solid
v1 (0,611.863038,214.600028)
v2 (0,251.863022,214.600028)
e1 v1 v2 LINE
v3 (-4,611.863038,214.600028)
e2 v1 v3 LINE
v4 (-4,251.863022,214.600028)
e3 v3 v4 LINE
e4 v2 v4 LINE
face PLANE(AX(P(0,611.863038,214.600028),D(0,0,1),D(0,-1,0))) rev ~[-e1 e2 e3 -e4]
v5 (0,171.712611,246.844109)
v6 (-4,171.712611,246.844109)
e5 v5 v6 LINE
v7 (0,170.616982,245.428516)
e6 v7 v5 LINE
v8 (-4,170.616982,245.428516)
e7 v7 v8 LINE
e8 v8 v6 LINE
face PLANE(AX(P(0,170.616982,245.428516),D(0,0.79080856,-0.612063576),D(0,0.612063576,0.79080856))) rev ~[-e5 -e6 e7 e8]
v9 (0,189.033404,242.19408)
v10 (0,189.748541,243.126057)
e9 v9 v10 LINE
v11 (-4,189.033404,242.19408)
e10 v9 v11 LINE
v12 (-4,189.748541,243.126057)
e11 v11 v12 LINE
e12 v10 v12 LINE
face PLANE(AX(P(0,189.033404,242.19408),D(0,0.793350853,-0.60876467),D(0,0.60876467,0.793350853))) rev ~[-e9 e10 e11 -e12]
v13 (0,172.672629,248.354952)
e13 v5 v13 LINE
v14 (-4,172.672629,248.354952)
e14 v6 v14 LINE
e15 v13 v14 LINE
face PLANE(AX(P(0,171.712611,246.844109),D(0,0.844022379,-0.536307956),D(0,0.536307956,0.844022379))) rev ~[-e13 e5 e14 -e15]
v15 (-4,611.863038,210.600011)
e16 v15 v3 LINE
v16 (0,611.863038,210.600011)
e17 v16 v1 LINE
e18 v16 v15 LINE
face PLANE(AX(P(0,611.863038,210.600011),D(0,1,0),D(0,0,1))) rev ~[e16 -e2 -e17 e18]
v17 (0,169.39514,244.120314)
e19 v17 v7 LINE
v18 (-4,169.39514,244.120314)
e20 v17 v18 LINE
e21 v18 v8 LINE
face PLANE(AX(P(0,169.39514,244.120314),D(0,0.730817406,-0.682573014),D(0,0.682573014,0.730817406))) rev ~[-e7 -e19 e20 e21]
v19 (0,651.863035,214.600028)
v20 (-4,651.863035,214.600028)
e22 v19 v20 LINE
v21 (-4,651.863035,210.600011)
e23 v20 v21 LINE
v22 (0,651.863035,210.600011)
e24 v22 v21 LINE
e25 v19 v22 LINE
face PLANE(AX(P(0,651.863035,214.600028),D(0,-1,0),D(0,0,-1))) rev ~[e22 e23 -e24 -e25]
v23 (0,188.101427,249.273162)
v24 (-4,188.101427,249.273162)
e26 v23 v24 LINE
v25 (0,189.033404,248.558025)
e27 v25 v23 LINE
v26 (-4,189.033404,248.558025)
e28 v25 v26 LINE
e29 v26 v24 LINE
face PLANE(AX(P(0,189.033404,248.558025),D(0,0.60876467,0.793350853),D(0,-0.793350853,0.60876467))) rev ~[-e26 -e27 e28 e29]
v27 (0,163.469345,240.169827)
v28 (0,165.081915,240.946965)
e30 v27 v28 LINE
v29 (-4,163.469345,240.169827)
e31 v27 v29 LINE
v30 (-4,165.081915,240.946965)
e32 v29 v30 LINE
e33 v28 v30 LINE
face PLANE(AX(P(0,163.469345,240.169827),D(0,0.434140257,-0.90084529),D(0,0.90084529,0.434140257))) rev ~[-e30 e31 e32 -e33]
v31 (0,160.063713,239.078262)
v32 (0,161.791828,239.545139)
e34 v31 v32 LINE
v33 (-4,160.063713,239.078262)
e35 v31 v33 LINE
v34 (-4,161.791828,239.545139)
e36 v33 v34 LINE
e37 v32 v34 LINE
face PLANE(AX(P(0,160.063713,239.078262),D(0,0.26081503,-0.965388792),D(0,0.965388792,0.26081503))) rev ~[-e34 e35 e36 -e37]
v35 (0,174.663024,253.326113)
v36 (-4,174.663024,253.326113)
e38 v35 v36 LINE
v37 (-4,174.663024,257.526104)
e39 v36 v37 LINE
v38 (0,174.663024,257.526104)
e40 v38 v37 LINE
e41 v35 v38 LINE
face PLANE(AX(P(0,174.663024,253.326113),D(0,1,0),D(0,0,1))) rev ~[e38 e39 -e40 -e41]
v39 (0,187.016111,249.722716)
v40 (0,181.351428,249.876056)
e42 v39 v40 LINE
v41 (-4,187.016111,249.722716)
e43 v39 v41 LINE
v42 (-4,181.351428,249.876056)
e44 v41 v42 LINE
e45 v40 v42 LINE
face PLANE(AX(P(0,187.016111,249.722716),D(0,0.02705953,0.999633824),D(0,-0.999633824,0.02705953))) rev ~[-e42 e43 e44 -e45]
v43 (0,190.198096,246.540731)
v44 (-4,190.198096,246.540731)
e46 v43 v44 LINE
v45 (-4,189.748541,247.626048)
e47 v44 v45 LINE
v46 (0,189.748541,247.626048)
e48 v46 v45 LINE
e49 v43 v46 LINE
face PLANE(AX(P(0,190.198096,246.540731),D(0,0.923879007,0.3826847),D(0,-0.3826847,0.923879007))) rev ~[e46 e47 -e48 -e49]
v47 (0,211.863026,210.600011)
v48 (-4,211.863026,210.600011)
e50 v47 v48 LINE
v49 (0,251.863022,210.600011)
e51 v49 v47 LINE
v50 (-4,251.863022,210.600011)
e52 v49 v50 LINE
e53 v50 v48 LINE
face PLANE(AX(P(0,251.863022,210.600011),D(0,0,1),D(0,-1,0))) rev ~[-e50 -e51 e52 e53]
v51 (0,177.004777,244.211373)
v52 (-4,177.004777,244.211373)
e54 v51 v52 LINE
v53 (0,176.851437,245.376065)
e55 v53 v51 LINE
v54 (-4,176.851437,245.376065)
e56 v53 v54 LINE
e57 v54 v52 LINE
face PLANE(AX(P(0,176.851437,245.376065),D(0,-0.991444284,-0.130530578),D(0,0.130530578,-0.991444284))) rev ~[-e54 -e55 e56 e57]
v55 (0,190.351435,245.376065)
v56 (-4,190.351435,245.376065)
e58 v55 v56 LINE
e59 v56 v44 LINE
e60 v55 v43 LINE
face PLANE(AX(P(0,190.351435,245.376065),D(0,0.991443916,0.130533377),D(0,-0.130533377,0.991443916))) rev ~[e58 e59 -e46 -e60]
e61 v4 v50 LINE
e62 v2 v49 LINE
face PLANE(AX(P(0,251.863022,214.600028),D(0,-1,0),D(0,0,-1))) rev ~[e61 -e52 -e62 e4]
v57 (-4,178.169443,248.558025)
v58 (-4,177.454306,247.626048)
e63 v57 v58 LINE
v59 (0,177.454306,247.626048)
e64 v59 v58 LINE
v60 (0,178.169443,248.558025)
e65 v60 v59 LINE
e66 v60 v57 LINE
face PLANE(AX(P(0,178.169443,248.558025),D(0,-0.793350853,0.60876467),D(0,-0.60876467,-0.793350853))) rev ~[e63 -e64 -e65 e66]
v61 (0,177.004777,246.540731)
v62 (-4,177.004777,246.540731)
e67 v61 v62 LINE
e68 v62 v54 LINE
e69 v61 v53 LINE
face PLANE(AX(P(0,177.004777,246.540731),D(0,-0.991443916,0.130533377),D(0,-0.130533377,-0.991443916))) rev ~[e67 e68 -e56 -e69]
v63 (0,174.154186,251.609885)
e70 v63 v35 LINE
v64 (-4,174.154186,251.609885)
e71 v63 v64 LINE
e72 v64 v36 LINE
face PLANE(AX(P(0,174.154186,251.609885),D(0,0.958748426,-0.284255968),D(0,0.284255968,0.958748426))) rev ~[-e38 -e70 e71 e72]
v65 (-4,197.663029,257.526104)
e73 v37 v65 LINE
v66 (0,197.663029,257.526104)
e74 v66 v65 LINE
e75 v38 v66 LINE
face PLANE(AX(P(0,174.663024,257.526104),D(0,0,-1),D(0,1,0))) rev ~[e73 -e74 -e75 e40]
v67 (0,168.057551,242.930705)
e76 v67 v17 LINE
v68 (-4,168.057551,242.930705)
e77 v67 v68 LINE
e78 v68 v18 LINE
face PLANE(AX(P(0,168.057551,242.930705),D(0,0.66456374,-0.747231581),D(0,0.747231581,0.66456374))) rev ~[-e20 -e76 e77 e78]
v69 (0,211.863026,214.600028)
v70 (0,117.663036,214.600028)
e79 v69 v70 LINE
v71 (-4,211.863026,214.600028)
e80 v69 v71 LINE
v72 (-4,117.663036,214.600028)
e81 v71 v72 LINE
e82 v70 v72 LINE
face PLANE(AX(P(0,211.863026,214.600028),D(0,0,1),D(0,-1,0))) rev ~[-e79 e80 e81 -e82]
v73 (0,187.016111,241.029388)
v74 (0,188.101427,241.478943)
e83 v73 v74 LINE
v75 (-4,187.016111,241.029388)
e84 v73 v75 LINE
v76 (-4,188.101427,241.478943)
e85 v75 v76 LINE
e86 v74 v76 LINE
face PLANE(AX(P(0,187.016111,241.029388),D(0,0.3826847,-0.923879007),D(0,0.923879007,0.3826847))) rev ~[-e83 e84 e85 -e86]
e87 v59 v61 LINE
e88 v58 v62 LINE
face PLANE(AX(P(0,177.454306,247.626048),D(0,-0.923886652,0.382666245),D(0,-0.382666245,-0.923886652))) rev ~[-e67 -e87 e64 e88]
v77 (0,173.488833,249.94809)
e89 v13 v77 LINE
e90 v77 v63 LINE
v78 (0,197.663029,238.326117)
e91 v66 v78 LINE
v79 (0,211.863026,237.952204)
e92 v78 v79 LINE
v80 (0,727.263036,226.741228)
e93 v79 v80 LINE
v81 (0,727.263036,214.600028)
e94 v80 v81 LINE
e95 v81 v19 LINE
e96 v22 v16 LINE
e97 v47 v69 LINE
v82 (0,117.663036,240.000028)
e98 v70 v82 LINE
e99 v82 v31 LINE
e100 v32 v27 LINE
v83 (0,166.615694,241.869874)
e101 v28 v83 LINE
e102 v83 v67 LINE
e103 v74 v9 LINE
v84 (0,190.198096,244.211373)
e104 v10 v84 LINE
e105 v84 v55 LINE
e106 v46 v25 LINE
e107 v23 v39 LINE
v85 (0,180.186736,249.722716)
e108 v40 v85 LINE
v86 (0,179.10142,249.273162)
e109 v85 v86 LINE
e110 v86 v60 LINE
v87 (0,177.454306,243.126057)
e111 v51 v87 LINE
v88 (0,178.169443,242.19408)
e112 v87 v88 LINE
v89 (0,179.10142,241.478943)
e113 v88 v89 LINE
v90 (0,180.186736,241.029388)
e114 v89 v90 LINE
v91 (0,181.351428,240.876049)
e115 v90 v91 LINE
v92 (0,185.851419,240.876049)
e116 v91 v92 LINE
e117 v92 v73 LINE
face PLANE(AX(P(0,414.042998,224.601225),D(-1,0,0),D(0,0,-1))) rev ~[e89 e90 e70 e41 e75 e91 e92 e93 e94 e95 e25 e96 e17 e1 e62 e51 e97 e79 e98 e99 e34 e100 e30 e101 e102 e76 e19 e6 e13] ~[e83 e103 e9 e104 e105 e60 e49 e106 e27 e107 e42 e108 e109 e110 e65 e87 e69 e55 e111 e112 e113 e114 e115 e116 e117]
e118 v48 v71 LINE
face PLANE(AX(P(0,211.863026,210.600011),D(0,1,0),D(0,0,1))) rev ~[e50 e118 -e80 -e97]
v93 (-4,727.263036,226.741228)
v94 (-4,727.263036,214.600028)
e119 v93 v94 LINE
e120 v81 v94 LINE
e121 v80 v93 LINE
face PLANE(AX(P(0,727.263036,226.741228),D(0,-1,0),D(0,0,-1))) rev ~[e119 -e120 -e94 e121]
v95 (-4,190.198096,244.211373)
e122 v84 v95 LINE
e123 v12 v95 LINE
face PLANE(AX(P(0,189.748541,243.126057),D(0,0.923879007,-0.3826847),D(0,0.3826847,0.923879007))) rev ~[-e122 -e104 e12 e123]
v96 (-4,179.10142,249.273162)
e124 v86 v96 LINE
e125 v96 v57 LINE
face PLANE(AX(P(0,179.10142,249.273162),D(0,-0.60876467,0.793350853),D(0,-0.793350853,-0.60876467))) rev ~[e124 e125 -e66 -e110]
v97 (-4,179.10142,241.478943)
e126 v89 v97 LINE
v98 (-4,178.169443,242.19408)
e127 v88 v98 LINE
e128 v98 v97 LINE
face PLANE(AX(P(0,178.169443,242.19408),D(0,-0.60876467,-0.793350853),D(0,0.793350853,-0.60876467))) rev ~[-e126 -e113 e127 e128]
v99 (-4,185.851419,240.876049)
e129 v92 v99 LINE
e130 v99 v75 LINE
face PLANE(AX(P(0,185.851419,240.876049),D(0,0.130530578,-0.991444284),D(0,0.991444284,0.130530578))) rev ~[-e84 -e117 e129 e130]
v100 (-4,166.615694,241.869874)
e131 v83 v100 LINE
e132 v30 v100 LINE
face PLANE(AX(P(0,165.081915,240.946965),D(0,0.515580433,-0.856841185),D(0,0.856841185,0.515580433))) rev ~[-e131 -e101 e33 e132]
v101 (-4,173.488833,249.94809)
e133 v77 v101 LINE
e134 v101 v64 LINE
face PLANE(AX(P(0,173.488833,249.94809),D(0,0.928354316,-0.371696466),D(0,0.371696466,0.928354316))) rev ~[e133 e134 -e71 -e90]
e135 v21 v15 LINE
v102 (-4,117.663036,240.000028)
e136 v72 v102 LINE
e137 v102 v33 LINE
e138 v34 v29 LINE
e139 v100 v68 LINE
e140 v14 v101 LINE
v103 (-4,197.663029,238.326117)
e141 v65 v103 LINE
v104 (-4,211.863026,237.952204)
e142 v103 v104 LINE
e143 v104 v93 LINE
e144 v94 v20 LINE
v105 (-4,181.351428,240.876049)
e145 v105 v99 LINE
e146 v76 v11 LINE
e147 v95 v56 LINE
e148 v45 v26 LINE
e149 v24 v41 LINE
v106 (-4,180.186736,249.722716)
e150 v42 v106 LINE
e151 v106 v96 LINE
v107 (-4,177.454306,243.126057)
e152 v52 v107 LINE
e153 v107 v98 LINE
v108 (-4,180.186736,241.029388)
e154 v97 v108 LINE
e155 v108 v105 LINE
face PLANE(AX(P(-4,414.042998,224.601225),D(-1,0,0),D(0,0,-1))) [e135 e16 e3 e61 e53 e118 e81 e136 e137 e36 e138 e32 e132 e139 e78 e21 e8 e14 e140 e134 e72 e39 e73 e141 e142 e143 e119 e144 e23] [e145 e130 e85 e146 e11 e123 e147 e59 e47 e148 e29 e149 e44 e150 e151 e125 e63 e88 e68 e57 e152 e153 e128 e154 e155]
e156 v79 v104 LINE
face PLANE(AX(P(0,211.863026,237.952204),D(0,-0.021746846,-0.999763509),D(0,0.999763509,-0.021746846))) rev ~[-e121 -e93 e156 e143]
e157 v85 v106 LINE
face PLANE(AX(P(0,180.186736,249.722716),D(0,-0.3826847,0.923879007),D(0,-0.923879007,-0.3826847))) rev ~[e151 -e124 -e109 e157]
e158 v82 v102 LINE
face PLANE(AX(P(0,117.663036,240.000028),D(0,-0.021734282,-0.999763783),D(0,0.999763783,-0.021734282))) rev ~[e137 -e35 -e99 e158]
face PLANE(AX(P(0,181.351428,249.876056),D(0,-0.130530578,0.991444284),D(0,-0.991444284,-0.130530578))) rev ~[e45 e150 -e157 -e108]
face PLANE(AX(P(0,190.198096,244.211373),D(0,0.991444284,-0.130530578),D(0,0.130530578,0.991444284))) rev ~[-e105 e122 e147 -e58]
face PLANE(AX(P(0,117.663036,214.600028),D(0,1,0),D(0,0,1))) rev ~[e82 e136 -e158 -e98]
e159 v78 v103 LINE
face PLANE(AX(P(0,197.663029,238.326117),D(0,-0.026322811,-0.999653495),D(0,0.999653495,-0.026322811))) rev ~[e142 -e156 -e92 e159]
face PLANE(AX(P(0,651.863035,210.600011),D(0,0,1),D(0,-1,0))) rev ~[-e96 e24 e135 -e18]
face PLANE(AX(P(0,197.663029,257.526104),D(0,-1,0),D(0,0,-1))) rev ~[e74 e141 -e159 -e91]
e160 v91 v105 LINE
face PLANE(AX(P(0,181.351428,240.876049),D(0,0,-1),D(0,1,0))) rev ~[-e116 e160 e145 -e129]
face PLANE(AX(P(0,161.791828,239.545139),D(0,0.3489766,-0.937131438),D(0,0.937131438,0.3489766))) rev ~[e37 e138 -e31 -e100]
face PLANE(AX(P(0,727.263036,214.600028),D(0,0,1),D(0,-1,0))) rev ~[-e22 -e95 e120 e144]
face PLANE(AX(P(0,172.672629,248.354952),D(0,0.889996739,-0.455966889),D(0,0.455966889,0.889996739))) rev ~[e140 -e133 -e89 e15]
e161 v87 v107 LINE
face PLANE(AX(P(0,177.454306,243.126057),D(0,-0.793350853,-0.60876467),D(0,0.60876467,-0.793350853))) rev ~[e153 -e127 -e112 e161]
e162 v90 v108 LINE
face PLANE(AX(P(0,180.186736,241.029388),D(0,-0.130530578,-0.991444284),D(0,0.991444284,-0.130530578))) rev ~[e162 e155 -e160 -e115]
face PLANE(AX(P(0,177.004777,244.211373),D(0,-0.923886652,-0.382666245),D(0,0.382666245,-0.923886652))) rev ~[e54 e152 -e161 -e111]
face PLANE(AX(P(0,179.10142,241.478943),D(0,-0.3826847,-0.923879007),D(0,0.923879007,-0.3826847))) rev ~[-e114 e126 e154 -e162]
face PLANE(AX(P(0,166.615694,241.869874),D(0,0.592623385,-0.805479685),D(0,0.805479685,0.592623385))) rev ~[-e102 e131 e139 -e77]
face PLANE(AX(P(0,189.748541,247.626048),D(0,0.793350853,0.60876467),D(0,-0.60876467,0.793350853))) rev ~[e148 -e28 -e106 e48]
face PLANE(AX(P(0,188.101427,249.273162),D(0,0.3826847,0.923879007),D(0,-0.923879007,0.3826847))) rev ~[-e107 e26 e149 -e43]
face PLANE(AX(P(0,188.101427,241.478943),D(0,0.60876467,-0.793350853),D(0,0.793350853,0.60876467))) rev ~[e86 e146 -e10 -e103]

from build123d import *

# Parameters (mm, degrees)
F1_DEPTH = 4
F2_ANGLE = 90
F3_ANGLE = 180


with BuildPart() as f1:
    # F0 (on Right) → F1 (new body)
    with BuildSketch(Plane.YZ):
        Polygon((-4.2630598, 224.8000076), (-3.8891464, 210.6000106), (7.3218294, -304.8), (19.4630294, -304.8), (19.4630294, -229.3999984), (23.4630468, -229.3999984), (23.4630468, -189.4000022), (19.4630294, -189.4000022), (19.4630294, 170.6000144), (23.4630468, 170.6000144), (23.4630468, 210.6000106), (19.4630294, 210.6000106), (19.4630294, 304.8), (-5.9369706, 304.8), (-5.0152046, 262.3993228), (-5.482082, 260.6712084), (-6.1067696, 258.9936908), (-6.883908, 257.381121), (-7.806817, 255.847342), (-8.867648, 254.4054856), (-10.057257, 253.0678962), (-11.3654586, 251.8460546), (-12.7810514, 250.7504256), (-14.2918942, 249.7904072), (-15.885033, 248.9742036), (-17.546828, 248.3088506), (-19.2630552, 247.8000124), (-23.4630468, 247.8000124), (-23.4630468, 224.8000076), align=None)
        Polygon((-14.4949672, 233.4296322), (-15.2101042, 234.361609), (-15.6596588, 235.4469256), (-15.8129986, 241.1116082), (-15.6596588, 242.2762998), (-15.2101042, 243.3616164), (-14.4949672, 244.2935932), (-13.5629904, 245.0087302), (-12.4776738, 245.4582594), (-11.3130076, 245.6115992), (-10.148316, 245.4582594), (-9.0629994, 245.0087302), (-8.1310226, 244.2935932), (-7.4158856, 243.3616164), (-6.966331, 242.2762998), (-6.8129912, 241.1116082), (-6.8129912, 236.6116172), (-6.966331, 235.4469256), (-7.4158856, 234.361609), (-8.1310226, 233.4296322), (-9.0629994, 232.7144952), (-10.148316, 232.2649406), (-11.3130076, 232.1116008), (-12.4776738, 232.2649406), (-13.5629904, 232.7144952), align=None, mode=Mode.SUBTRACT)
    extrude(amount=F1_DEPTH)


with BuildPart() as f1_1:
    # F2: moved
    add(f1.part.rotate(Axis((2, 23.4630468, 210.6000106), (-1, 0, 0)), F2_ANGLE))


with BuildPart() as f1_2:
    # F3: moved
    add(f1_1.part.rotate(Axis((0, 117.6630362, 227.300028), (0, 0, 1)), F3_ANGLE))


solid = f1_2.part
